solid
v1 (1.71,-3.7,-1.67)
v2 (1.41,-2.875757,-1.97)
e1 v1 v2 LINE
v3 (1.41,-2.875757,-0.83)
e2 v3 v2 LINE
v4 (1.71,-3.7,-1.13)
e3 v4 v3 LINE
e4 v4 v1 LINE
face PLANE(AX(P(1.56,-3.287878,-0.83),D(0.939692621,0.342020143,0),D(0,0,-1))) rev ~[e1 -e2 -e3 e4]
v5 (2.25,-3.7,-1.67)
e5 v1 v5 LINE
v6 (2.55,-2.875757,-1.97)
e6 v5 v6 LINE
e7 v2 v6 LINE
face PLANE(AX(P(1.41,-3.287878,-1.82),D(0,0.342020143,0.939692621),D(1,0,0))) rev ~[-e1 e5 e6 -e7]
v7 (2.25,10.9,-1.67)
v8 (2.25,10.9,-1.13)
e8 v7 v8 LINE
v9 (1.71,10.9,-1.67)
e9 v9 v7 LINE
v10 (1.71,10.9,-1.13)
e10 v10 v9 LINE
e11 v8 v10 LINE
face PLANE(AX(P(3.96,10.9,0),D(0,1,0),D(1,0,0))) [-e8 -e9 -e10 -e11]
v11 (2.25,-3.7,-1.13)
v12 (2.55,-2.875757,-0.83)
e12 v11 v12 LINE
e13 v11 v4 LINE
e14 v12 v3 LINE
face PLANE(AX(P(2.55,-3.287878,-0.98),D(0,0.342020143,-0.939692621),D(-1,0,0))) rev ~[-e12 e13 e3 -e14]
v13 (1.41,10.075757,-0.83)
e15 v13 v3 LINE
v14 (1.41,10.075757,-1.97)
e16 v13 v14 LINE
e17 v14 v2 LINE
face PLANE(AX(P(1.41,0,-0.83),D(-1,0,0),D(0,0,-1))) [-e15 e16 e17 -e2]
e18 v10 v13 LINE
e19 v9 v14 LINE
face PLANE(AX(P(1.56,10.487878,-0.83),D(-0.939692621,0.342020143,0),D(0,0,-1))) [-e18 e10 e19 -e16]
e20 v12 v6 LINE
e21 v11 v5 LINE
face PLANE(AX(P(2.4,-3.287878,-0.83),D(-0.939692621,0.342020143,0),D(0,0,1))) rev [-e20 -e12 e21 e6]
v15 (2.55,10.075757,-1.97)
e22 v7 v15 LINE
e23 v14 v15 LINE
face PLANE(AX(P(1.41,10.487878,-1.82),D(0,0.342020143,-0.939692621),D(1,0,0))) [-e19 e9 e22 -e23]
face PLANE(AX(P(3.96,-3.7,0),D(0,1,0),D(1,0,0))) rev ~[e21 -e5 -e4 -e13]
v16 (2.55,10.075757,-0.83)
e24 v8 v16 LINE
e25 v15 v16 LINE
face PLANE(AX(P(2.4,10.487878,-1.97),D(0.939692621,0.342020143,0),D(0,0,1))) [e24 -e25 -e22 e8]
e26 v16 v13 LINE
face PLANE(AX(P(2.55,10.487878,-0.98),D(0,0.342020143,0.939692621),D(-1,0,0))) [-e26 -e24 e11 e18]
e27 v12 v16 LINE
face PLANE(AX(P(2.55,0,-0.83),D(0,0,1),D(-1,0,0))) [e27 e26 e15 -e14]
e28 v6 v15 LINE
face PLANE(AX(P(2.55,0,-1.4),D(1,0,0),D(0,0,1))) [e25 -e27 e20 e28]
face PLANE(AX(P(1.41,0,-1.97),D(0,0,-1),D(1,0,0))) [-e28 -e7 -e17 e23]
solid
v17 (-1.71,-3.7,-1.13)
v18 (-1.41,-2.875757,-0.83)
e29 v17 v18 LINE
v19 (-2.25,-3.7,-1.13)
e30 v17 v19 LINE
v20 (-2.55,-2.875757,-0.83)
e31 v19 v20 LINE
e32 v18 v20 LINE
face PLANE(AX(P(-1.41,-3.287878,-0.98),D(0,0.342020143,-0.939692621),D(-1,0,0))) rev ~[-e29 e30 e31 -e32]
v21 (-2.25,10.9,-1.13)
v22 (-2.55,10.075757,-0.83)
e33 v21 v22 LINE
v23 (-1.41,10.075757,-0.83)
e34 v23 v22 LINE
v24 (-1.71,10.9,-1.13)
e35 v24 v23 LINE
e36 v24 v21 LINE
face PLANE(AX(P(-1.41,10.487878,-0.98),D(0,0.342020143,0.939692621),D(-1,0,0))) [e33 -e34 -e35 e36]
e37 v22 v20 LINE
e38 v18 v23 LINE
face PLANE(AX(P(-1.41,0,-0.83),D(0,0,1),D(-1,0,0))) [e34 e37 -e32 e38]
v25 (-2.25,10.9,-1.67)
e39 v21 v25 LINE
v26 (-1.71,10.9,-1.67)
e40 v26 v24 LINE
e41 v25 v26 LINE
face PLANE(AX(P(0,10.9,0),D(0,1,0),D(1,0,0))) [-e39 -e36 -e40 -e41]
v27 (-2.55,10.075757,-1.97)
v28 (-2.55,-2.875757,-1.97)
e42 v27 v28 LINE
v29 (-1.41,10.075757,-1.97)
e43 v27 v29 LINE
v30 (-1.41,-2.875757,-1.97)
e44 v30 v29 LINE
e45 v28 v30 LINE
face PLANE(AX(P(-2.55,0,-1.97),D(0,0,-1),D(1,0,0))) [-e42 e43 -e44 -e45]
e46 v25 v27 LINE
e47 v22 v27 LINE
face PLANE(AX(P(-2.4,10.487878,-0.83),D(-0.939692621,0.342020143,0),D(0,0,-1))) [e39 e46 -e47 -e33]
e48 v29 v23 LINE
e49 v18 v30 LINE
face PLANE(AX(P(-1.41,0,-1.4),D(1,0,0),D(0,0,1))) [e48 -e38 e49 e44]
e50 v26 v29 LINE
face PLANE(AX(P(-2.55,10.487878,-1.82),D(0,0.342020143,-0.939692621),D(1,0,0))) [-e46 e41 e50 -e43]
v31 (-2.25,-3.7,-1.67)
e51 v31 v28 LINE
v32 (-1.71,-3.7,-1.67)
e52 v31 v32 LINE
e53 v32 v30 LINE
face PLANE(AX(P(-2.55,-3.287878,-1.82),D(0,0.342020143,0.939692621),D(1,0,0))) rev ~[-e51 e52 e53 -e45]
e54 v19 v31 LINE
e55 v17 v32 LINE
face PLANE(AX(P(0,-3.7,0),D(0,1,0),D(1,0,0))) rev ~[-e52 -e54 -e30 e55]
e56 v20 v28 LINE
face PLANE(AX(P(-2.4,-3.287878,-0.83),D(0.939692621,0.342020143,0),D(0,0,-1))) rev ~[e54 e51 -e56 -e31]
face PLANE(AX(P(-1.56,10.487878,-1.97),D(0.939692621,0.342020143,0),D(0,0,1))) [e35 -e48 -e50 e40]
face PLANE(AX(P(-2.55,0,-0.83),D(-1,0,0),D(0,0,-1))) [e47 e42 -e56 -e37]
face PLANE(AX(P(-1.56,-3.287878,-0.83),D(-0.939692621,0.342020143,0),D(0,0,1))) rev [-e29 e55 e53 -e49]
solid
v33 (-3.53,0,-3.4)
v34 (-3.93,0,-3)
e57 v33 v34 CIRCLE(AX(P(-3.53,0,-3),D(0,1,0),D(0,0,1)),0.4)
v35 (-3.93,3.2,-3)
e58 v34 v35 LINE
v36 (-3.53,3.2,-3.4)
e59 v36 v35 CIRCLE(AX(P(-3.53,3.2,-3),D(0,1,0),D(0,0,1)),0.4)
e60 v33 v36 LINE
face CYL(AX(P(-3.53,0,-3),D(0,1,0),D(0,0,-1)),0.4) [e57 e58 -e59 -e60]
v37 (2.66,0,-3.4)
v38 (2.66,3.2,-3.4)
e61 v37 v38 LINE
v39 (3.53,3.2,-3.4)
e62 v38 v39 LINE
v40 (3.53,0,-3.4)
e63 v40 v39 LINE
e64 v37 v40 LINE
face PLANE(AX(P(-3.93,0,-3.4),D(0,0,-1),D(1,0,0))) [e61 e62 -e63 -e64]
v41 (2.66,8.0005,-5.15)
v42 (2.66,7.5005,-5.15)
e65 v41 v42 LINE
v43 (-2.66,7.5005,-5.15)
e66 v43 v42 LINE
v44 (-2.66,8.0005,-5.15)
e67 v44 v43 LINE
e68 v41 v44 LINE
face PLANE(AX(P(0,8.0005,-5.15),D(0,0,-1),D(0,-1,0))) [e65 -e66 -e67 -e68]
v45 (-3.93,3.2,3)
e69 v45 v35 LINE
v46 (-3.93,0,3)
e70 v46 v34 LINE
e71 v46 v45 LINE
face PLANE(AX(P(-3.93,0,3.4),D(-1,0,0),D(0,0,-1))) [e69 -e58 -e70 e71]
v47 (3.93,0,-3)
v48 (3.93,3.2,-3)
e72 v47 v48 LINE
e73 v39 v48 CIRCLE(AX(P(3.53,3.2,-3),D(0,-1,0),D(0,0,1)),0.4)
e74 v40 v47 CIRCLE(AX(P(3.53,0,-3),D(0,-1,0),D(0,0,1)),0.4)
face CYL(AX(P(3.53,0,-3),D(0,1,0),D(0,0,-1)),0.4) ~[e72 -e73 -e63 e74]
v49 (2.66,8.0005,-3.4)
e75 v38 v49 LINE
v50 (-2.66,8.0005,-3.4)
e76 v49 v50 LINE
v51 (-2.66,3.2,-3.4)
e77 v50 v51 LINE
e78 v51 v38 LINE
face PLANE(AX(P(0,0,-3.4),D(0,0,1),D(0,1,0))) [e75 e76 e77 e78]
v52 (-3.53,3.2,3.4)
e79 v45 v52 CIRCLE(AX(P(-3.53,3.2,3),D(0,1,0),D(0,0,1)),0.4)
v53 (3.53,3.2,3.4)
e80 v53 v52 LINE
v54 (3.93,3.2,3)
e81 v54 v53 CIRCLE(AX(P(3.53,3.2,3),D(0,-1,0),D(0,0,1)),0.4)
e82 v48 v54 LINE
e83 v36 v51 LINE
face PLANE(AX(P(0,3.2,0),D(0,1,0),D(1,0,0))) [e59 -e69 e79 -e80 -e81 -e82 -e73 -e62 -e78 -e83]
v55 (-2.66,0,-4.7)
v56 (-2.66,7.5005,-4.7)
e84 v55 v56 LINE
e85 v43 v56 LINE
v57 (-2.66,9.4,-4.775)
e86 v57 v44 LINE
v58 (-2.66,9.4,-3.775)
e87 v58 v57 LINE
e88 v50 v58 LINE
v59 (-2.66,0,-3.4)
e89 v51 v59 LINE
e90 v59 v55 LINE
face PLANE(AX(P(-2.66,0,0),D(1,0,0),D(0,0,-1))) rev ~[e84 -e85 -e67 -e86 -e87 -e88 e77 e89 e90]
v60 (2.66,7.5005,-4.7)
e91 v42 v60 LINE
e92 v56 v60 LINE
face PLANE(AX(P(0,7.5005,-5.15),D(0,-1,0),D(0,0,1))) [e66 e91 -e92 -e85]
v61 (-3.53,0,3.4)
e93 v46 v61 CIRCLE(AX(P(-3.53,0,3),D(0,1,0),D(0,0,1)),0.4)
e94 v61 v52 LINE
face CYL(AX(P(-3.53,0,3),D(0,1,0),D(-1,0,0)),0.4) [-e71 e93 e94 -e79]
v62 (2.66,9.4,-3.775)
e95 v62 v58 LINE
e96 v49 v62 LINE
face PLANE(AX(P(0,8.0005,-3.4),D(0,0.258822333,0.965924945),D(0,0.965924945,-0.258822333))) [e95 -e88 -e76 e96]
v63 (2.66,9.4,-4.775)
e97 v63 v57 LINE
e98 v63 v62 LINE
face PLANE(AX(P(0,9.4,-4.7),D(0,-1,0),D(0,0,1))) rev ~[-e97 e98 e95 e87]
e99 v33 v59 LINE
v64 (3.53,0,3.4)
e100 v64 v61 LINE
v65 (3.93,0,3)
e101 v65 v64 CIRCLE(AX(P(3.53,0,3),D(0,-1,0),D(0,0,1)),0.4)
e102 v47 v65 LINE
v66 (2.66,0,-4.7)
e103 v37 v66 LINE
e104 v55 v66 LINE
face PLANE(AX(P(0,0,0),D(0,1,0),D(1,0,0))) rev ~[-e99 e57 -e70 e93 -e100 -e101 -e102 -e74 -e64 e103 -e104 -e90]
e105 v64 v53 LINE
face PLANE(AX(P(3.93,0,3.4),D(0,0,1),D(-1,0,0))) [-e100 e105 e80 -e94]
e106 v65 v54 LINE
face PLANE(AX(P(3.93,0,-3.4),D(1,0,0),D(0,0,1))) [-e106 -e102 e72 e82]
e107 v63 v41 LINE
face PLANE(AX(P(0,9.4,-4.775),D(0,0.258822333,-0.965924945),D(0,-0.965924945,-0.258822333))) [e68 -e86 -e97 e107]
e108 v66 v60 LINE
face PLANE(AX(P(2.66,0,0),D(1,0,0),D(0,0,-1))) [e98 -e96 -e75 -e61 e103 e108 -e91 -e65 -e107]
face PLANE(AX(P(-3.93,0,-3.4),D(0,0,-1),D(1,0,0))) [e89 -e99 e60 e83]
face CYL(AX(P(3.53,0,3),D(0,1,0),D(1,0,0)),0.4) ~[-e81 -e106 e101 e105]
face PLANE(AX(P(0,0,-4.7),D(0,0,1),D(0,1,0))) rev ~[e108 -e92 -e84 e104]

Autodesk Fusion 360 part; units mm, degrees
sketch "Skizze1" plane through (0, 0, 0) normal (0, 1, 0) x (1, 0, 0)
  line L0 (-3.93, 3.4) -> (3.93, 3.4)
  line L1 (3.93, 3.4) -> (3.93, -3.4)
  line L2 (3.93, -3.4) -> (-3.93, -3.4)
  line L3 (-3.93, -3.4) -> (-3.93, 3.4)
  line L4 (0, 3.4) -> (0, -3.4) construction
  dimension "d9" = 7.86
  dimension "d10" = 6.8
extrude "Extrusion1" add sketch "Skizze1" along normal blind 3.2 makes body 1
sketch "Skizze3" plane through (0, 0, 0) normal (1, 0, 0) x (0, 0, -1)
  line L0 (3.4, 0) -> (3.4, 3.2)
  line L1 (3.4, 0) -> (4.7, 0)
  line L2 (4.7, 0) -> (4.7, 9.4)
  line L3 (4.7, 9.4) -> (3.4, 9.4) construction
  line L4 (3.4, 9.4) -> (3.4, 0)
  line L5 (4.7, 9.4) -> (5.15, 9.4)
  line L6 (5.15, 9.4) -> (5.15, 0)
  line L7 (5.15, 0) -> (4.7, 0)
  line L8 (4.7, 0) -> (4.7, 9.4) construction
  line L9 (3.4, 8.0005) -> (3.775, 9.4)
  line L10 (4.775, 9.4) -> (5.15, 8.0005)
  line L11 (5.15, 7.5005) -> (4.7, 7.5005)
  line L12 (4.775, 9.4) -> (3.775, 9.4)
  line L13 (3.775, 9.4) -> (4.775, 9.4) construction
  line L14 (4.775, 9.4) -> (5.15, 9.4) construction
  line L15 (3.775, 9.4) -> (3.4, 9.4) construction
  line L16 (5.15, 9.4) -> (4.775, 9.4) construction
  line L17 (5.15, 8.0005) -> (5.15, 7.5005) construction
  line L18 (5.15, 7.5005) -> (5.15, 8.0005) construction
  line L19 (5.15, 9.4) -> (3.4, 9.4)
  line L20 (5.15, 0) -> (3.4, 0)
  dimension "d31" = 9.4
  dimension "d33" = 1.3
  dimension "d35" = 90
  dimension "d36" = 75
  dimension "d37" = 75
  dimension "d39" = 1
  dimension "d42" = 0.5
  dimension "d48" = 1.75
sketch "Skizze2" plane through (0, 0, 0) normal (0, 1, 0) x (1, 0, 0)
  line L0 (-1.41, 0.83) -> (-2.55, 0.83)
  line L1 (-2.55, 0.83) -> (-2.55, 1.97)
  line L2 (-2.55, 1.97) -> (-1.41, 1.97)
  line L3 (-1.41, 1.97) -> (-1.41, 0.83)
  line L4 (-3.93, 3.4) -> (3.93, 3.4)
  line L5 (3.93, 3.4) -> (3.93, -3.4)
  line L6 (3.93, -3.4) -> (-3.93, -3.4)
  line L7 (-3.93, -3.4) -> (-3.93, 3.4)
  line L8 (0, 3.4) -> (0, 1.4) construction
  line L9 (-1.41, 1.4) -> (-2.55, 1.4) construction
  line L10 (0, 1.4) -> (-1.98, 1.4)
  point P0 (-1.98, 1.4)
  dimension "d16" = 1.14
  dimension "d17" = 1.14
  dimension "d24" = 2
  dimension "d26" = 1.98
extrude "Extrusion3" add sketch "Skizze3" along normal mid plane 5.32 contours L0 L1 L2 L4 L9 L12 L19 L20 | L2 L5 L6 L10 L11 L12 L19 bodies 1
extrude "Extrusion2" add sketch "Skizze2" along normal blind 10.9 and the other way blind 3.7 separate body contours L0 L1 L2 L3 makes body 2
chamfer "Fase2" distance 0.3 angle 70 8 edges at (-1.98, 10.9, -0.83) (-1.41, 10.9, -1.4) (-1.98, 10.9, -1.97) (-2.55, 10.9, -1.4) (-1.41, -3.7, -1.4) (-1.98, -3.7, -0.83) (-2.55, -3.7, -1.4) (-1.98, -3.7, -1.97) measured on face at (-1.79, 10.9, -1.21) measured on face at (-1.79, 10.9, -1.21) measured on face at (-1.79, 10.9, -1.21) measured on face at (-1.79, 10.9, -1.21) measured on face at (-1.79, -3.7, -1.21) measured on face at (-1.79, -3.7, -1.21) measured on face at (-1.79, -3.7, -1.21) measured on face at (-1.79, -3.7, -1.21) on bodies 2
pattern_linear "R-Anordnung1" count 2 spacing 3.96 along (1, 0, 0) of bodies 2 makes body 3
fillet "Abrundung1" radius 0.4 4 edges at (3.93, 1.6, -3.4) (3.93, 1.6, 3.4) (-3.93, 1.6, 3.4) (-3.93, 1.6, -3.4) on bodies 1
equation "n = 2" comment "Number of pins"
equation "P = 3.96 mm" comment "Pin pitch"
equation "B1 = A1 + ( 1.95 mm * 2 )" comment "Width of bottom plate"
equation "A1 = ( n - 1 ) * P" comment "Total width of all pins"
equation "C1 = 6.8 mm" comment "Height of bottom plate"
equation "H1 = 9.4 mm" comment "Height of latching plate"
equation "O1 = 2 mm" comment "Vertical offset pin-center to bottom plate border"
equation "d9 = B1"
equation "d10 = C1"
equation "D1 = 3.2 mm" comment "Total depth of bottom plate"
equation "Pw = 1.14 mm" comment "Width & height of square pin"
equation "d13 = D1"
equation "d16 = Pw"
equation "d17 = Pw"
equation "LPinTop = 7.7 mm + D1" comment "Length of the pin measured from the bottom plane to the top of the pin (away from PCB)"
equation "LPinBottom = 14.6 mm - LPinTop" comment "Length of the pin in bottom direction, measured from the bottom plane"
equation "d20 = LPinTop"
equation "d22 = LPinBottom"
equation "d24 = O1"
equation "Pin1XOffset = ( ( n - 1 ) * P ) / 2" comment "First pin X offset measured from the X axis"
equation "d26 = Pin1XOffset"
equation "d27 = n"
equation "d29 = P"
equation "d31 = H1"
equation "D2 = 1.3 mm" comment "(Measured) depth of latching plate (narrowest section)"
equation "d33 = D2"
equation "d35 = alpha"
equation "d36 = 90 deg - beta"
equation "d37 = 90 deg - beta"
equation "Wx1 = 1.0 mm" comment "(Measured) Width of the topmost part of the latching plate"
equation "Hx1 = 0.5 mm" comment "(Measured) Height of the latching surface facing away from the pins"
equation "alpha = 90 deg" comment "Angle of the latching surface. Shown by the datasheet as ~45°but real parts have 90°"
equation "d42 = Hx1"
equation "beta = 15 deg" comment "(Estimated) Latching plate tapering angle"
equation "WL1 = 1.27 mm" comment "(Measured) With of the section of the bottom plate where there is no latching plate per side)"
equation "d45 = B1 - ( WL1 * 2 )"
equation "Dlatch = 1.75 mm" comment "(Measured) Total depth of latching plate"
equation "d48 = Dlatch"
equation "d54 = delta"
equation "delta = 70 deg" comment "(Estimated) Taper angle of the pin top & bottoms"
